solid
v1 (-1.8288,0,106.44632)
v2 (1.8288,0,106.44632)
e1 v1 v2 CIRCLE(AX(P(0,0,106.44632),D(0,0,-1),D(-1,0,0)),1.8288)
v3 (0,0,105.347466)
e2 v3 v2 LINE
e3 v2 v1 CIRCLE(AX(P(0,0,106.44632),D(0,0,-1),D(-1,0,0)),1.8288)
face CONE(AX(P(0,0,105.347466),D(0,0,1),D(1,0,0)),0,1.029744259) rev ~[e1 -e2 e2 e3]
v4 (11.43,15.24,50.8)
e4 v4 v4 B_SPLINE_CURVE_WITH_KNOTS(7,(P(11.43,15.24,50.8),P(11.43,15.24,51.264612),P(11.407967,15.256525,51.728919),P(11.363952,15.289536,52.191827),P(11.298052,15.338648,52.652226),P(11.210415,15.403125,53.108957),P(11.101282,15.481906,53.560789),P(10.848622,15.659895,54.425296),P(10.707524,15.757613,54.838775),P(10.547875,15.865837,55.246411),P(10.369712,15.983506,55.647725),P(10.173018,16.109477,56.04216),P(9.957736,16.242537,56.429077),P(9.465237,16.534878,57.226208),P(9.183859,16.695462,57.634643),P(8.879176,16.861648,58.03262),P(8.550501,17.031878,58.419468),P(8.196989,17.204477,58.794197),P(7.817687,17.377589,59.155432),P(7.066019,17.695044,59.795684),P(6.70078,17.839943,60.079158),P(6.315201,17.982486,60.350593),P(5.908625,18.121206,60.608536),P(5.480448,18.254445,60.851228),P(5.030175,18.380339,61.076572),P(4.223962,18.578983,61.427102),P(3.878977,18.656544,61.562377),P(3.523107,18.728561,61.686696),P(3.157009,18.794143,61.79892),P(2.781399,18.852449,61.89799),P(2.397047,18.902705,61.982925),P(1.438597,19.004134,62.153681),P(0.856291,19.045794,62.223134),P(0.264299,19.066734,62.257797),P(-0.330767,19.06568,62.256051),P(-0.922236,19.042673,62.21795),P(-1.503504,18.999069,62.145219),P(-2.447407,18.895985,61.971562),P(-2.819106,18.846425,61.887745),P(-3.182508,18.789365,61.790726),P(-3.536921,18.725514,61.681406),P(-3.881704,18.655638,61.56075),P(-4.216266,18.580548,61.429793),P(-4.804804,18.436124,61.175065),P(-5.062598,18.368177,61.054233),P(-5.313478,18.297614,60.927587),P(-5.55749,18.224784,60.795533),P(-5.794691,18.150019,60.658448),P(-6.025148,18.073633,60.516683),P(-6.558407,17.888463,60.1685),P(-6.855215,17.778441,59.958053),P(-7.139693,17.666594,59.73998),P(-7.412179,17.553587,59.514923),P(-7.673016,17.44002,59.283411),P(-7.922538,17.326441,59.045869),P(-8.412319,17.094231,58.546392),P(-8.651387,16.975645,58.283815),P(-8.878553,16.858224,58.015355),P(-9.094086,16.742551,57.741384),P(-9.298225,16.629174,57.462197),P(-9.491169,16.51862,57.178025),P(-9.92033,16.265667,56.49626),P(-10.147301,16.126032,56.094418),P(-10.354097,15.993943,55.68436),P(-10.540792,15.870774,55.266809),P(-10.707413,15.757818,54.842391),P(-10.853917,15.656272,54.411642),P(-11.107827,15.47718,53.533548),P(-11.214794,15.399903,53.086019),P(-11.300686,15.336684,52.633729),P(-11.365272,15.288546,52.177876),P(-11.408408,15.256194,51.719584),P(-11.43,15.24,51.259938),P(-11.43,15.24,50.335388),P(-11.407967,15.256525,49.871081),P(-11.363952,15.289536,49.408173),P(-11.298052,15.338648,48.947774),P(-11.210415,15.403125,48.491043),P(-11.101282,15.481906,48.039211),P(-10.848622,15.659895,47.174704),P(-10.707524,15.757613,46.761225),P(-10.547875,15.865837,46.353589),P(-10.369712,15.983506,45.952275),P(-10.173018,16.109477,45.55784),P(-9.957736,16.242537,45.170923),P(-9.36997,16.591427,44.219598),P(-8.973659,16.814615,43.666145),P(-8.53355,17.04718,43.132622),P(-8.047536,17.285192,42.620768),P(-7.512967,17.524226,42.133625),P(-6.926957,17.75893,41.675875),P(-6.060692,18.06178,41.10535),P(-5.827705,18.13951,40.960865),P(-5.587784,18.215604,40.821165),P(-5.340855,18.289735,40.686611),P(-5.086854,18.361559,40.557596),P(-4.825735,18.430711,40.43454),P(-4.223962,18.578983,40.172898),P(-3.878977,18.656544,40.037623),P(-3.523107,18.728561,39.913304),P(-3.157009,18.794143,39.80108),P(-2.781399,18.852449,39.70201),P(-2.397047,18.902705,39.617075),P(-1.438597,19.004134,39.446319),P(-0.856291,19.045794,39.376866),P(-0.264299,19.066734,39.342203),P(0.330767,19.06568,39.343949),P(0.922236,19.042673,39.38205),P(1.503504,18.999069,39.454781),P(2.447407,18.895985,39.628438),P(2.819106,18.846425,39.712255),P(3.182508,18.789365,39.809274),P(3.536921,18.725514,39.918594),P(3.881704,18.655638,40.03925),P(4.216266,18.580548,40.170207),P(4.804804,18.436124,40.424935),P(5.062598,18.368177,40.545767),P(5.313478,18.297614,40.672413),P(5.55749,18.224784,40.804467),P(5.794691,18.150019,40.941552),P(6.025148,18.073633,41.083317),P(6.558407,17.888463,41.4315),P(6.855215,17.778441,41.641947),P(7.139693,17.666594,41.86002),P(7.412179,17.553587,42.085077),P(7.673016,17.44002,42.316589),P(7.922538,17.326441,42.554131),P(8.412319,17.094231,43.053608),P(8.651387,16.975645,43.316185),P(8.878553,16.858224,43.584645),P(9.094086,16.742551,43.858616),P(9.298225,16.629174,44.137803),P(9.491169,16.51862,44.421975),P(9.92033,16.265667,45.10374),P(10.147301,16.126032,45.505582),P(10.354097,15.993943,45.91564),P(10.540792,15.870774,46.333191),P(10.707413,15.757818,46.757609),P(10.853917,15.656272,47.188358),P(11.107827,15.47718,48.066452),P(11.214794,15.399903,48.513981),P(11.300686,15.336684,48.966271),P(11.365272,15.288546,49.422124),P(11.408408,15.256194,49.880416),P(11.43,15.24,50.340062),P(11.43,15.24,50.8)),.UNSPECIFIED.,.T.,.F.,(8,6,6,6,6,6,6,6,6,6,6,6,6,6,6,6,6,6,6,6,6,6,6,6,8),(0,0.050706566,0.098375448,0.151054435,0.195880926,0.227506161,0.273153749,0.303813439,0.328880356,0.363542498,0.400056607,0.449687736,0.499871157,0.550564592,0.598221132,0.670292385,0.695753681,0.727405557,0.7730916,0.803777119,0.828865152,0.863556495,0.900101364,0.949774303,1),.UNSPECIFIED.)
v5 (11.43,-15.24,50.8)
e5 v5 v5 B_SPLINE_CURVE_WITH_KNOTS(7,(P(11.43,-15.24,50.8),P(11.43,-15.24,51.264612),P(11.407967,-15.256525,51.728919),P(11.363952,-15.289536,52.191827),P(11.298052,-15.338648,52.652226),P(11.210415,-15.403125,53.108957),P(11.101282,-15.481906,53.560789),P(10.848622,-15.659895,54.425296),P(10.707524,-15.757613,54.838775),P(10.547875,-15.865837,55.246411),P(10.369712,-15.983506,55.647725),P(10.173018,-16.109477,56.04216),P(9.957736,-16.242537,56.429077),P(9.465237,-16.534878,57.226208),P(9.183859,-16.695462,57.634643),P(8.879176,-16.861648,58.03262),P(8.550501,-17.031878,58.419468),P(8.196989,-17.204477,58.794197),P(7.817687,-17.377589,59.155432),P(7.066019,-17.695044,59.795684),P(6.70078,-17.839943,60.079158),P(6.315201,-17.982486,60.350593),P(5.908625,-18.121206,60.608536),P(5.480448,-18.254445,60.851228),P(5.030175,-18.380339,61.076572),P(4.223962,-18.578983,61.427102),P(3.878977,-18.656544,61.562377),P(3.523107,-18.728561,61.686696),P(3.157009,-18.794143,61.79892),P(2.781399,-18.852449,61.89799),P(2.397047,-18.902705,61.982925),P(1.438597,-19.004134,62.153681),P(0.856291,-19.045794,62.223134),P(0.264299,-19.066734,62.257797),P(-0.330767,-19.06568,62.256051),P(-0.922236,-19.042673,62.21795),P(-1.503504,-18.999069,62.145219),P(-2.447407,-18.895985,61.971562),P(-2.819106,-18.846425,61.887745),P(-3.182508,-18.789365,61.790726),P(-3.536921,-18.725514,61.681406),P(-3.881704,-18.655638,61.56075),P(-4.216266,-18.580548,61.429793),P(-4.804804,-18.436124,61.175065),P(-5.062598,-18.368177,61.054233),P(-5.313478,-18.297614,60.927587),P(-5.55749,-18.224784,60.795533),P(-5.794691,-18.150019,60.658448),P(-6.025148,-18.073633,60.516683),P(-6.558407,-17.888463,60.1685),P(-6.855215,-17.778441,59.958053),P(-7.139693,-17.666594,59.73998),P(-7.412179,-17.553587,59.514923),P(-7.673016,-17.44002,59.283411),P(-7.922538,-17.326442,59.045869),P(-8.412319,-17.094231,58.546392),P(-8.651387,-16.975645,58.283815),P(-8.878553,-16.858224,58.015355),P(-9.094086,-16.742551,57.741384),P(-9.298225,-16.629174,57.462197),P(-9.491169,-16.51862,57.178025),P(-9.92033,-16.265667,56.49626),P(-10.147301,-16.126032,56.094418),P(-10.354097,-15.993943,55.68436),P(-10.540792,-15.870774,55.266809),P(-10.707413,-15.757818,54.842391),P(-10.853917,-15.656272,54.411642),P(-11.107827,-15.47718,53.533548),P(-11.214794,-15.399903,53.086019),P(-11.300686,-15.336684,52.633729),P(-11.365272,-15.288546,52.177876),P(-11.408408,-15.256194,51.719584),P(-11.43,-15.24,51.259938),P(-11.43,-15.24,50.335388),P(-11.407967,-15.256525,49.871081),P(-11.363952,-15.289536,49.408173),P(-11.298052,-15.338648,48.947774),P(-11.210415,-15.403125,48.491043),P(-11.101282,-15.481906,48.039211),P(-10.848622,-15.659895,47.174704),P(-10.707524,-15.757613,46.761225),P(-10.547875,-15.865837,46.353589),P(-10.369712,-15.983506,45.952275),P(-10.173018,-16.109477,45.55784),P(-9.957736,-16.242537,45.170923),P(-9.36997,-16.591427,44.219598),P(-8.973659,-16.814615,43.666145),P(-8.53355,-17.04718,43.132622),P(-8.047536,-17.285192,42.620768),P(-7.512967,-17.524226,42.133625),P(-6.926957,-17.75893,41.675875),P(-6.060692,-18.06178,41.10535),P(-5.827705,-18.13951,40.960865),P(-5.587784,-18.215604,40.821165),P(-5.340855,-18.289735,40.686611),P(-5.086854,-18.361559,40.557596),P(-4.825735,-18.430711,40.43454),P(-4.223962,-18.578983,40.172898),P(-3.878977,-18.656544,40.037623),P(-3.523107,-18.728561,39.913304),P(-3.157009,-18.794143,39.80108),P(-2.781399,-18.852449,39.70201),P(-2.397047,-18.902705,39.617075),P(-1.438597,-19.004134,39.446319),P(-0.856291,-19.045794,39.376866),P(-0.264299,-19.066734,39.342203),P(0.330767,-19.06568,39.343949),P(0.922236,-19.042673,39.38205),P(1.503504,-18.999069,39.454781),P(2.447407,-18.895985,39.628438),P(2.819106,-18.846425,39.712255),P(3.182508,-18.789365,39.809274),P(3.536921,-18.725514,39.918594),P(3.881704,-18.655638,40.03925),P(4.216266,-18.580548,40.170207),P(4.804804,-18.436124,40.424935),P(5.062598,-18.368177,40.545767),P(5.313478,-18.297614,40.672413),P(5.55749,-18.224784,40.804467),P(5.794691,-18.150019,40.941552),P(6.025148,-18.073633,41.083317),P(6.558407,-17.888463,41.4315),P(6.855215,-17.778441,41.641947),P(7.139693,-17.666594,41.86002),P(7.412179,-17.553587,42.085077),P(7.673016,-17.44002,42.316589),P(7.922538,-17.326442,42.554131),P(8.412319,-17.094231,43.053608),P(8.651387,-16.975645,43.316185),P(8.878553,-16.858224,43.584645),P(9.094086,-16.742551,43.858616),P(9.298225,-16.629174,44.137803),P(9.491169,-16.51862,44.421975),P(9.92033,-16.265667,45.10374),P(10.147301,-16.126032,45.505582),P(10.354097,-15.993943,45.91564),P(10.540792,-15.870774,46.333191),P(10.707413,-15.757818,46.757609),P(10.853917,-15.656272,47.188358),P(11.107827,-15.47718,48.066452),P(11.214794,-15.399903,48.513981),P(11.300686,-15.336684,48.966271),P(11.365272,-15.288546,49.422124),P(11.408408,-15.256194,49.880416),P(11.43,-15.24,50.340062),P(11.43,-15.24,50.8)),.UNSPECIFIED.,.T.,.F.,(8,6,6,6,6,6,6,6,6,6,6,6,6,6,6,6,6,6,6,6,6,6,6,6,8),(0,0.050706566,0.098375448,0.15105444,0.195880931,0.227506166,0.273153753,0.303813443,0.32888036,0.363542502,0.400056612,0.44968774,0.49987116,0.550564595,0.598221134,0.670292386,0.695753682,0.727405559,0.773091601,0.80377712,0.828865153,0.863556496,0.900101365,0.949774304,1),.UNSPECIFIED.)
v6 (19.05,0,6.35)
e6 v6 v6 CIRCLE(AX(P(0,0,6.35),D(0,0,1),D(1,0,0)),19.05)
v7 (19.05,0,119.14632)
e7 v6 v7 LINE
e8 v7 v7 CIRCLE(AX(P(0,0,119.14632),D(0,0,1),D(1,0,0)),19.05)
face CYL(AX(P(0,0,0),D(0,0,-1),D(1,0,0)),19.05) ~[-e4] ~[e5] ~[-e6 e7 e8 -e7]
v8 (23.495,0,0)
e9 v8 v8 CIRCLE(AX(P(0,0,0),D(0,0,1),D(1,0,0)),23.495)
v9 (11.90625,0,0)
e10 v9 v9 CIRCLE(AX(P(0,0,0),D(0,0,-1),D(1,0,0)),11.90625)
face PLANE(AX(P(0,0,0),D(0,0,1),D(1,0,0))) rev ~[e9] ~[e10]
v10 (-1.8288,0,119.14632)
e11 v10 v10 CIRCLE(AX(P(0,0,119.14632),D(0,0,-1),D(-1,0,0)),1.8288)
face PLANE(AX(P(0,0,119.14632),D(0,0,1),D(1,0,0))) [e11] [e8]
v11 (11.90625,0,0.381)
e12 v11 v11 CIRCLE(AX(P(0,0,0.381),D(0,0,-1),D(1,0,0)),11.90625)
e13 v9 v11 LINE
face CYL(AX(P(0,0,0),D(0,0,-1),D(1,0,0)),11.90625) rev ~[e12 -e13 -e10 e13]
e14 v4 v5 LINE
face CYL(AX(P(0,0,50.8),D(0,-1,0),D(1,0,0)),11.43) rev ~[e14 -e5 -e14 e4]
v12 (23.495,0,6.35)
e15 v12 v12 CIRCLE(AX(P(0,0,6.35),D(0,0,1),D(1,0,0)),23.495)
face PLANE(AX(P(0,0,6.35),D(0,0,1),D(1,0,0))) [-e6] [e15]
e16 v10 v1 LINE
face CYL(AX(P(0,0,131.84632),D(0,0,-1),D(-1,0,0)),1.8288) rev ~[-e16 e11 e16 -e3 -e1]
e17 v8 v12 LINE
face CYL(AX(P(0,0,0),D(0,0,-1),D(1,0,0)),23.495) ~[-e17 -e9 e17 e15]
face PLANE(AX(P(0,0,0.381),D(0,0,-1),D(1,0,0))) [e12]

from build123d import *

# Parameters (mm, degrees)
F0_R     = 23.495
F0_R_2   = 19.05
F1_DEPTH = 6.35
F2_DEPTH = 119.14632
F4_D     = 3.6576
F4_DEPTH = 12.7
F4_TIP   = 1.0988539001
F5_R     = 11.43
F6_DEPTH = 25.4
F7_R     = 11.90625
F8_DEPTH = 0.381


with BuildPart() as f1:
    # F0 (on Top) → F1 (new body)
    with BuildSketch(Plane.XY):
        Circle(F0_R)
        Circle(F0_R_2, mode=Mode.SUBTRACT)
    extrude(amount=F1_DEPTH)

    # F0 (on Top) → F2 (join)
    with BuildSketch(Plane.XY):
        Circle(F0_R_2)
    extrude(amount=F2_DEPTH)

    # F4
    with Locations(Plane.XY.offset(119.14632)):
        with Locations((0, 0)):
            Hole(F4_D / 2, depth=F4_DEPTH)
            with Locations((0, 0, -(F4_DEPTH + F4_TIP / 2))):  # 118° drill point
                Cone(0, F4_D / 2, F4_TIP, mode=Mode.SUBTRACT)

    # F5 (on Front) → F6 (cut, symmetric)
    with BuildSketch(Plane.XZ):
        with Locations((0, 50.8)):
            Circle(F5_R)
    extrude(amount=F6_DEPTH, both=True, mode=Mode.SUBTRACT)

    # F7 (on face) → F8 (cut)
    with BuildSketch(Plane(origin=(0, 0, 0), x_dir=(1, 0, 0), z_dir=(0, 0, -1))):
        Circle(F7_R)
    extrude(amount=-F8_DEPTH, mode=Mode.SUBTRACT)


solid = f1.part
